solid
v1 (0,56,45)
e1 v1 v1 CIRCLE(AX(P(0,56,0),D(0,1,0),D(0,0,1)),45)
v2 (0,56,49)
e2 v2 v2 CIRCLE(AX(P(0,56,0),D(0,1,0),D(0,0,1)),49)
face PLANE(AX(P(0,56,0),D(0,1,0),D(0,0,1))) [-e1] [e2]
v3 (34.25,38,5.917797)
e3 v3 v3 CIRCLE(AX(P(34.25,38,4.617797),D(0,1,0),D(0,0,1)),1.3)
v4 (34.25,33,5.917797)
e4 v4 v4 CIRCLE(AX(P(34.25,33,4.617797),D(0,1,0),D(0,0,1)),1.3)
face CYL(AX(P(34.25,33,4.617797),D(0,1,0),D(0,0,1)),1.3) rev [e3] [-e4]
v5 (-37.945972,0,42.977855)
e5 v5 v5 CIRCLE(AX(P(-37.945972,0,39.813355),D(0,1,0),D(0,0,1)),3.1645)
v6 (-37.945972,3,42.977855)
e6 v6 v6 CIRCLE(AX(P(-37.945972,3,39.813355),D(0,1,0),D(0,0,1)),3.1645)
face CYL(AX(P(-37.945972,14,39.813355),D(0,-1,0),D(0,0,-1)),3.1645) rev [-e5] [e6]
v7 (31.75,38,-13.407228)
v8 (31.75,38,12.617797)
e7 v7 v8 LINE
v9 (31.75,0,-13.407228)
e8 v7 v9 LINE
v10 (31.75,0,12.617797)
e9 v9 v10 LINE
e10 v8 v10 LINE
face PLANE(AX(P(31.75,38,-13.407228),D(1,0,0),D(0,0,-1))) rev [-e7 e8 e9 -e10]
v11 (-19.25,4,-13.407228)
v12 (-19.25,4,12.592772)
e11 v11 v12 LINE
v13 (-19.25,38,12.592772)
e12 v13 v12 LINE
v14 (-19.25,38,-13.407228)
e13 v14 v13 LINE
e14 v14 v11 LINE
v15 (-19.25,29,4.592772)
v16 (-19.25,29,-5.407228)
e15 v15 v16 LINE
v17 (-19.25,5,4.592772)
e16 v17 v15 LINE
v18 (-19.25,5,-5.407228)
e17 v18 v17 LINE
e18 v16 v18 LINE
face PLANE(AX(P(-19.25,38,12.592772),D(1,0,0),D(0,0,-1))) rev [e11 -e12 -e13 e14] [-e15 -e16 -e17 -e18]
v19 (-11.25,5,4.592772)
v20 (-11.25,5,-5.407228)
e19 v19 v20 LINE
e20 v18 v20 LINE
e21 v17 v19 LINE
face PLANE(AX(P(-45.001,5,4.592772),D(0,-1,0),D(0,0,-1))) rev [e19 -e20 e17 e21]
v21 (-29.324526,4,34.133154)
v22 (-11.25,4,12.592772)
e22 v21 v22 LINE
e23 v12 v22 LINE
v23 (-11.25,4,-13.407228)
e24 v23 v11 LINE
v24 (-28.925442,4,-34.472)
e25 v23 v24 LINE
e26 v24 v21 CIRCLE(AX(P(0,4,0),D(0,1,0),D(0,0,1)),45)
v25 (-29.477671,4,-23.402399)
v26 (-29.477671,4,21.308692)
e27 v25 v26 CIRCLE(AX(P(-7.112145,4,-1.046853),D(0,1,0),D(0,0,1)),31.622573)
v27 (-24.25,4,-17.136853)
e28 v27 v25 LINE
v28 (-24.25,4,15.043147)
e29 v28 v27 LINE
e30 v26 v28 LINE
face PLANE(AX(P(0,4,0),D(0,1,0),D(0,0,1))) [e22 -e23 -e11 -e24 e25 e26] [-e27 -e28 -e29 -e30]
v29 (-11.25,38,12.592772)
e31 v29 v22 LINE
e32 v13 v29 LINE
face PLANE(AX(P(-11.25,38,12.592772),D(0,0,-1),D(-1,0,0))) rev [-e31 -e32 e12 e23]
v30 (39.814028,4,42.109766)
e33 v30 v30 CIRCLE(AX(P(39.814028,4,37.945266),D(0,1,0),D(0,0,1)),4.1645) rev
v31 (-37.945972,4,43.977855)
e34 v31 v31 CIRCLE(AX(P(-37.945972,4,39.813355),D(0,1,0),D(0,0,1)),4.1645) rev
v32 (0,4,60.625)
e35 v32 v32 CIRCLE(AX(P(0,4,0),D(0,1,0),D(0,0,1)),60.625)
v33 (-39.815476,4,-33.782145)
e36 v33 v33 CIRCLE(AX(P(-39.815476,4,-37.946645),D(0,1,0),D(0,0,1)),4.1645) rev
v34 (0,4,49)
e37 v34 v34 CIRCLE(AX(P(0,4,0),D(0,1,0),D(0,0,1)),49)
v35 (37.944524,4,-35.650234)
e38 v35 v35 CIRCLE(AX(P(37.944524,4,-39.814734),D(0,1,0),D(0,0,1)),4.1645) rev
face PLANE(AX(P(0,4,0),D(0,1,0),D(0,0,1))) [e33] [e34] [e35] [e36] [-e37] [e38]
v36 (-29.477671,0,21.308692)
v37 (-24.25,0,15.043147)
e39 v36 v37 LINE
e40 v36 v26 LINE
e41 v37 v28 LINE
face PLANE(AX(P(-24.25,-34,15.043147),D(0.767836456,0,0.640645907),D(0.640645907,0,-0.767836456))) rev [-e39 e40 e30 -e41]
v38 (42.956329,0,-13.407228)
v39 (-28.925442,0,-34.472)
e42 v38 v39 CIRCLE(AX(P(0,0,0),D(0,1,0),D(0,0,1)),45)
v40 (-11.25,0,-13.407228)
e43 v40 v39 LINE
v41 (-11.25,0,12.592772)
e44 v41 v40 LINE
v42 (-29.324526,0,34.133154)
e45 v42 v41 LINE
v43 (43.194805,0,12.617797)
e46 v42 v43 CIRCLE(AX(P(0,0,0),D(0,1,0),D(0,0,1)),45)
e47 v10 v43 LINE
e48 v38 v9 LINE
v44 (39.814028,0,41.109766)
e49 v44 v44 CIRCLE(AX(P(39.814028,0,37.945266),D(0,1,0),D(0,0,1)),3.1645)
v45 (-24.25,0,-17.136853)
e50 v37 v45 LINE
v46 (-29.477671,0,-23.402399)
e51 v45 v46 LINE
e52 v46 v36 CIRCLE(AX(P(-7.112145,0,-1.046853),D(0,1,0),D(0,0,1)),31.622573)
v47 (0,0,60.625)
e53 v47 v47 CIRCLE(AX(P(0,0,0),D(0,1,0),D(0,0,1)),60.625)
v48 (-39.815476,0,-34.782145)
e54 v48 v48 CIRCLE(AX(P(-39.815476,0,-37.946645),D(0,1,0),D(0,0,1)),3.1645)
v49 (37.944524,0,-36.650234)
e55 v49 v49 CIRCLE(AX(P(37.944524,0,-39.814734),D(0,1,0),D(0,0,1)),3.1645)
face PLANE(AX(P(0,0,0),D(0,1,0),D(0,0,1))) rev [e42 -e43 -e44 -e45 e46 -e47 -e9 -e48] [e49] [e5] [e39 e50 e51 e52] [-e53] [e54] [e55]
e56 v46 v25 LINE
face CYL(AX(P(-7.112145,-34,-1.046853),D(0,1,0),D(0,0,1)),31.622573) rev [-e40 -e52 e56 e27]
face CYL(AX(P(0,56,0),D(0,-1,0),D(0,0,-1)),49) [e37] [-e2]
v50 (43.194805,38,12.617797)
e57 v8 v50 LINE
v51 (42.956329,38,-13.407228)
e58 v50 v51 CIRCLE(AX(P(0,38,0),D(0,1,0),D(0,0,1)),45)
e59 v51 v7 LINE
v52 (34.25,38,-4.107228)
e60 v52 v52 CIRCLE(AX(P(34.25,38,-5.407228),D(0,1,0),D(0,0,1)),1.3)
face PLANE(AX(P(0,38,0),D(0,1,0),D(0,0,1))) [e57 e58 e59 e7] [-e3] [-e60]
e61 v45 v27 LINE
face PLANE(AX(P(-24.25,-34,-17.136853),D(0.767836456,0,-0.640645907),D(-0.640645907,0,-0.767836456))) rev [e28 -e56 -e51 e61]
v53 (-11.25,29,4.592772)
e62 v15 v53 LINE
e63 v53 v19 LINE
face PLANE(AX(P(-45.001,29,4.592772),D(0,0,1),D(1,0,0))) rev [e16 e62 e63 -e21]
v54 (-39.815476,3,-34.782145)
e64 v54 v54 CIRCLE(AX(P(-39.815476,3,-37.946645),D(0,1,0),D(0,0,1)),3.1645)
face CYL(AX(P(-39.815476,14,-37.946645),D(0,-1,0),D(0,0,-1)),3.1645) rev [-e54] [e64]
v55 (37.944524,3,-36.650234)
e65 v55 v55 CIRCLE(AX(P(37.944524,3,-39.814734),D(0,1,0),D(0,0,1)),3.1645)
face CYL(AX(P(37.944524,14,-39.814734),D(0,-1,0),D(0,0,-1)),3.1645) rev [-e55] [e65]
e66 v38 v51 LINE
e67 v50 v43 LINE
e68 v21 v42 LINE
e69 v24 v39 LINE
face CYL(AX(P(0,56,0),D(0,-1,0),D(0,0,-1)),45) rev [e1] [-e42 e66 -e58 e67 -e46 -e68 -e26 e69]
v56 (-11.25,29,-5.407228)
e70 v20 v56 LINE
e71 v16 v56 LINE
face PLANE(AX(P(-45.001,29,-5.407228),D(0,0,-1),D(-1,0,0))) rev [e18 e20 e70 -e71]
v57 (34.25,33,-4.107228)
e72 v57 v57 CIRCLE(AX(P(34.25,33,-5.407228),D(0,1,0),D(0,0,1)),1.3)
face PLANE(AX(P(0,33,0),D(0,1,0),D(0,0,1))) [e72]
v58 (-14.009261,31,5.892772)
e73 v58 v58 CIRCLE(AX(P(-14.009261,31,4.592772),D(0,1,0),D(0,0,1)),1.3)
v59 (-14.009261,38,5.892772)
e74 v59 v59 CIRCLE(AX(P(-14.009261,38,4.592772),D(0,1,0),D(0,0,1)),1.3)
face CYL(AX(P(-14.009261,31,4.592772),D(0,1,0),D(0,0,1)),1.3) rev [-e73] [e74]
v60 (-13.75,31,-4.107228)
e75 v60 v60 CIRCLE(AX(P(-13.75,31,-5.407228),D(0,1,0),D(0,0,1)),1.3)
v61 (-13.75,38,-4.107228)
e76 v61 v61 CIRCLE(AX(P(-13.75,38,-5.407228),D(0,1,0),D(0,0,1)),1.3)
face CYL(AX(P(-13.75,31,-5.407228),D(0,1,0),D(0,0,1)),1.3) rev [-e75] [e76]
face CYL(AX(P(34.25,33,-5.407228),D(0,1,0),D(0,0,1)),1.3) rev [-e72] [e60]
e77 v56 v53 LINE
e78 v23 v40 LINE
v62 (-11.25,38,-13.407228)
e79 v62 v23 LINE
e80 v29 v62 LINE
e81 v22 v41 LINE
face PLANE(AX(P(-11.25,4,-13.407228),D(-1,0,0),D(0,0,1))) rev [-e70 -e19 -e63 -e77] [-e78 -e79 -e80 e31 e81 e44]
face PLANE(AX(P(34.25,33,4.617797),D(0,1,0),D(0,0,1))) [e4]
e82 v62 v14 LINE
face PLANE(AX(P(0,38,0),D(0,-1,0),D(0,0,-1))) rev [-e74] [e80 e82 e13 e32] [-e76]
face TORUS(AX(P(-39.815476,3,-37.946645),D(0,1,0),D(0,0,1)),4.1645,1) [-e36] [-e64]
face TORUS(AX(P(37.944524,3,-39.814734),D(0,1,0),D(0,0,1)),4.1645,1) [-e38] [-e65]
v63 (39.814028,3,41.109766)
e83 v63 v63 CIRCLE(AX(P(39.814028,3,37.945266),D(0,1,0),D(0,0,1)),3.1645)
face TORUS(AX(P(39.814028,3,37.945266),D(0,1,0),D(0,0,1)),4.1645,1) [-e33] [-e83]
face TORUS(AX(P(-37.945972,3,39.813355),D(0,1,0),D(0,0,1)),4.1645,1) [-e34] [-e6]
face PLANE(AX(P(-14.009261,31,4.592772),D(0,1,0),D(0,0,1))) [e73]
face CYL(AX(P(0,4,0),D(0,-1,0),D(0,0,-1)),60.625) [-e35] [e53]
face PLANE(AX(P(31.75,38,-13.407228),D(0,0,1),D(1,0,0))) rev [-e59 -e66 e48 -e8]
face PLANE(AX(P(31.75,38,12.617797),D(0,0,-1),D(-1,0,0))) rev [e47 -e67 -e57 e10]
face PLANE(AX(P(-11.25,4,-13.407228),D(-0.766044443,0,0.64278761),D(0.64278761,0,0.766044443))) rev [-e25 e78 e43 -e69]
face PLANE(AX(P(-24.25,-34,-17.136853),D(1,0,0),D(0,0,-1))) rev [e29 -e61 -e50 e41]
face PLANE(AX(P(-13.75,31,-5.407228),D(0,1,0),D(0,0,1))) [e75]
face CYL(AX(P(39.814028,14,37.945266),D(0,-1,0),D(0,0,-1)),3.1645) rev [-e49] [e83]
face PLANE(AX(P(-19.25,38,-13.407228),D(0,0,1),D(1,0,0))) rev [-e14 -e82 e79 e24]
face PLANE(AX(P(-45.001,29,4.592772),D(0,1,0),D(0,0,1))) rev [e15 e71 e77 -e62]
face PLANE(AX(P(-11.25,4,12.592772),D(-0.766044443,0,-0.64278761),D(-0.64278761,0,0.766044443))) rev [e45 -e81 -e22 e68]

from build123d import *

# Parameters (mm, degrees)
SALIENTE_EXTRUIR2_DEPTH = 4
CROQUIS4_W              = 8
CROQUIS4_H              = 26
SALIENTE_EXTRUIR4_DEPTH = 34
CORTAR_EXTRUIR1_REACH   = 35.75
CROQUIS5_W              = 10
CROQUIS5_H              = 24
CROQUIS6_R              = 1.3
CORTAR_EXTRUIR2_DEPTH   = 7
SALIENTE_EXTRUIR5_DEPTH = 38
CROQUIS10_R             = 49
CROQUIS10_R_2           = 45
SALIENTE_EXTRUIR6_DEPTH = 56
CORTAR_EXTRUIR3_DEPTH   = 38
CROQUIS12_R             = 60.625
CROQUIS12_R_2           = 49
SALIENTE_EXTRUIR8_DEPTH = 4
CROQUIS13_R             = 3.1645
CORTAR_EXTRUIR5_DEPTH   = 14
CROQUIS14_R             = 1.3
CORTAR_EXTRUIR6_DEPTH   = 5
REDONDEO1_R             = 1


with BuildPart() as part:
    # Croquis1 → Saliente-Extruir2 (new body)
    with BuildSketch(Plane(origin=(0, 0, 0), x_dir=(1, 0, 0), z_dir=(0, 1, 0))):
        with BuildLine():
            Line((-11.25, 13.407227917), (-11.25, -12.592772083))
            Line((-11.25, -12.592772083), (-29.32452611, -34.133153509))
            ThreePointArc((-29.32452611, -34.133153509), (-44.999238647, 0.261765488), (-28.925442436, 34.47199994))
            Line((-28.925442436, 34.47199994), (-11.25, 13.407227917))
        make_face()
    extrude(amount=SALIENTE_EXTRUIR2_DEPTH)

    # Croquis4 → Saliente-Extruir4 (add)
    with BuildSketch(Plane(origin=(0, 4, 0), x_dir=(1, 0, 0), z_dir=(0, 1, 0))):
        with Locations((-15.25, 0.407227917)):
            Rectangle(CROQUIS4_W, CROQUIS4_H)
    extrude(amount=SALIENTE_EXTRUIR4_DEPTH)

    # Croquis5 → Cortar-Extruir1 (cut, up to next)
    with BuildSketch(Plane(origin=(-11.25, 0, 0), x_dir=(0, 0, -1), z_dir=(1, 0, 0)), mode=Mode.PRIVATE) as cortar_extruir1_sk1:
        with Locations((0.407227917, 17)):
            Rectangle(CROQUIS5_W, CROQUIS5_H)
    cortar_extruir1_tool1 = extrude(cortar_extruir1_sk1.sketch, amount=-CORTAR_EXTRUIR1_REACH, mode=Mode.PRIVATE) & part.part
    add(cortar_extruir1_tool1.solids().sort_by_distance((-11.25, 17, -0.407228))[0], mode=Mode.SUBTRACT)

    # Croquis6 → Cortar-Extruir2 (cut)
    with BuildSketch(Plane(origin=(0, 38, 0), x_dir=(1, 0, 0), z_dir=(0, 1, 0))):
        with Locations((-13.75, 5.407227917)):
            Circle(CROQUIS6_R)
        with Locations((-14.009261416, -4.592772083)):
            Circle(CROQUIS6_R)
    extrude(amount=-CORTAR_EXTRUIR2_DEPTH, mode=Mode.SUBTRACT)



with BuildPart() as body_2:
    # Croquis8 → Saliente-Extruir5 (new body)
    with BuildSketch(Plane(origin=(0, 0, 0), x_dir=(1, 0, 0), z_dir=(0, 1, 0))):
        with BuildLine():
            Line((31.75, 13.407227917), (31.75, -12.617796762))
            Line((31.75, -12.617796762), (43.287959819, -12.617796762))
            ThreePointArc((43.287959819, -12.617796762), (45.08754045, 0.412257936), (43.05, 13.407227917))
            Line((43.05, 13.407227917), (31.75, 13.407227917))
        make_face()
    extrude(amount=SALIENTE_EXTRUIR5_DEPTH)


with BuildPart() as part_1:
    add(part.part)

    add(body_2.part)  # Saliente-Extruir6 merges body 2
    # Croquis10 → Saliente-Extruir6 (add)
    with BuildSketch(Plane(origin=(0, 0, 0), x_dir=(1, 0, 0), z_dir=(0, 1, 0))):
        Circle(CROQUIS10_R)
        Circle(CROQUIS10_R_2, mode=Mode.SUBTRACT)
    extrude(amount=SALIENTE_EXTRUIR6_DEPTH)

    # Croquis11 → Cortar-Extruir3 (cut)
    with BuildSketch(Plane(origin=(0, 4, 0), x_dir=(1, 0, 0), z_dir=(0, 1, 0))):
        with BuildLine():
            Line((-24.25, 17.136853161), (-24.25, -15.043146839))
            Line((-24.25, -15.043146839), (-29.477670597, -21.308692316))
            ThreePointArc((-29.477670597, -21.308692316), (-38.734718404, 1.046853161), (-29.477670597, 23.402398638))
            Line((-29.477670597, 23.402398638), (-24.25, 17.136853161))
        make_face()
    extrude(amount=-CORTAR_EXTRUIR3_DEPTH, mode=Mode.SUBTRACT)

    # Croquis12 → Saliente-Extruir8 (add)
    with BuildSketch(Plane(origin=(0, 0, 0), x_dir=(1, 0, 0), z_dir=(0, 1, 0))):
        Circle(CROQUIS12_R)
        Circle(CROQUIS12_R_2, mode=Mode.SUBTRACT)
    extrude(amount=SALIENTE_EXTRUIR8_DEPTH)

    # Croquis13 → Cortar-Extruir5 (cut)
    with BuildSketch(Plane(origin=(0, 0, 0), x_dir=(1, 0, 0), z_dir=(0, 1, 0))):
        with Locations((-39.815475686, 37.946645437)):
            Circle(CROQUIS13_R)
        with Locations((37.944524314, 39.81473439)):
            Circle(CROQUIS13_R)
        with Locations((39.814027902, -37.94526561)):
            Circle(CROQUIS13_R)
        with Locations((-37.945972098, -39.813354563)):
            Circle(CROQUIS13_R)
    extrude(amount=CORTAR_EXTRUIR5_DEPTH, mode=Mode.SUBTRACT)

    # Croquis14 → Cortar-Extruir6 (cut)
    with BuildSketch(Plane(origin=(0, 38, 0), x_dir=(1, 0, 0), z_dir=(0, 1, 0))):
        with Locations((34.25, 5.407227917)):
            Circle(CROQUIS14_R)
        with Locations((34.25, -4.617796762)):
            Circle(CROQUIS14_R)
    extrude(amount=-CORTAR_EXTRUIR6_DEPTH, mode=Mode.SUBTRACT)

    # Redondeo1
    redondeo1_edges = [part_1.edges().sort_by_distance(p)[0] for p in [
        (-41.110472098, 4, 39.813354563),
        (36.649527902, 4, 37.94526561),
        (34.780024314, 4, -39.81473439),
        (-42.979975686, 4, -37.946645437),
    ]]
    fillet(redondeo1_edges, radius=REDONDEO1_R)


solid = part_1.part
